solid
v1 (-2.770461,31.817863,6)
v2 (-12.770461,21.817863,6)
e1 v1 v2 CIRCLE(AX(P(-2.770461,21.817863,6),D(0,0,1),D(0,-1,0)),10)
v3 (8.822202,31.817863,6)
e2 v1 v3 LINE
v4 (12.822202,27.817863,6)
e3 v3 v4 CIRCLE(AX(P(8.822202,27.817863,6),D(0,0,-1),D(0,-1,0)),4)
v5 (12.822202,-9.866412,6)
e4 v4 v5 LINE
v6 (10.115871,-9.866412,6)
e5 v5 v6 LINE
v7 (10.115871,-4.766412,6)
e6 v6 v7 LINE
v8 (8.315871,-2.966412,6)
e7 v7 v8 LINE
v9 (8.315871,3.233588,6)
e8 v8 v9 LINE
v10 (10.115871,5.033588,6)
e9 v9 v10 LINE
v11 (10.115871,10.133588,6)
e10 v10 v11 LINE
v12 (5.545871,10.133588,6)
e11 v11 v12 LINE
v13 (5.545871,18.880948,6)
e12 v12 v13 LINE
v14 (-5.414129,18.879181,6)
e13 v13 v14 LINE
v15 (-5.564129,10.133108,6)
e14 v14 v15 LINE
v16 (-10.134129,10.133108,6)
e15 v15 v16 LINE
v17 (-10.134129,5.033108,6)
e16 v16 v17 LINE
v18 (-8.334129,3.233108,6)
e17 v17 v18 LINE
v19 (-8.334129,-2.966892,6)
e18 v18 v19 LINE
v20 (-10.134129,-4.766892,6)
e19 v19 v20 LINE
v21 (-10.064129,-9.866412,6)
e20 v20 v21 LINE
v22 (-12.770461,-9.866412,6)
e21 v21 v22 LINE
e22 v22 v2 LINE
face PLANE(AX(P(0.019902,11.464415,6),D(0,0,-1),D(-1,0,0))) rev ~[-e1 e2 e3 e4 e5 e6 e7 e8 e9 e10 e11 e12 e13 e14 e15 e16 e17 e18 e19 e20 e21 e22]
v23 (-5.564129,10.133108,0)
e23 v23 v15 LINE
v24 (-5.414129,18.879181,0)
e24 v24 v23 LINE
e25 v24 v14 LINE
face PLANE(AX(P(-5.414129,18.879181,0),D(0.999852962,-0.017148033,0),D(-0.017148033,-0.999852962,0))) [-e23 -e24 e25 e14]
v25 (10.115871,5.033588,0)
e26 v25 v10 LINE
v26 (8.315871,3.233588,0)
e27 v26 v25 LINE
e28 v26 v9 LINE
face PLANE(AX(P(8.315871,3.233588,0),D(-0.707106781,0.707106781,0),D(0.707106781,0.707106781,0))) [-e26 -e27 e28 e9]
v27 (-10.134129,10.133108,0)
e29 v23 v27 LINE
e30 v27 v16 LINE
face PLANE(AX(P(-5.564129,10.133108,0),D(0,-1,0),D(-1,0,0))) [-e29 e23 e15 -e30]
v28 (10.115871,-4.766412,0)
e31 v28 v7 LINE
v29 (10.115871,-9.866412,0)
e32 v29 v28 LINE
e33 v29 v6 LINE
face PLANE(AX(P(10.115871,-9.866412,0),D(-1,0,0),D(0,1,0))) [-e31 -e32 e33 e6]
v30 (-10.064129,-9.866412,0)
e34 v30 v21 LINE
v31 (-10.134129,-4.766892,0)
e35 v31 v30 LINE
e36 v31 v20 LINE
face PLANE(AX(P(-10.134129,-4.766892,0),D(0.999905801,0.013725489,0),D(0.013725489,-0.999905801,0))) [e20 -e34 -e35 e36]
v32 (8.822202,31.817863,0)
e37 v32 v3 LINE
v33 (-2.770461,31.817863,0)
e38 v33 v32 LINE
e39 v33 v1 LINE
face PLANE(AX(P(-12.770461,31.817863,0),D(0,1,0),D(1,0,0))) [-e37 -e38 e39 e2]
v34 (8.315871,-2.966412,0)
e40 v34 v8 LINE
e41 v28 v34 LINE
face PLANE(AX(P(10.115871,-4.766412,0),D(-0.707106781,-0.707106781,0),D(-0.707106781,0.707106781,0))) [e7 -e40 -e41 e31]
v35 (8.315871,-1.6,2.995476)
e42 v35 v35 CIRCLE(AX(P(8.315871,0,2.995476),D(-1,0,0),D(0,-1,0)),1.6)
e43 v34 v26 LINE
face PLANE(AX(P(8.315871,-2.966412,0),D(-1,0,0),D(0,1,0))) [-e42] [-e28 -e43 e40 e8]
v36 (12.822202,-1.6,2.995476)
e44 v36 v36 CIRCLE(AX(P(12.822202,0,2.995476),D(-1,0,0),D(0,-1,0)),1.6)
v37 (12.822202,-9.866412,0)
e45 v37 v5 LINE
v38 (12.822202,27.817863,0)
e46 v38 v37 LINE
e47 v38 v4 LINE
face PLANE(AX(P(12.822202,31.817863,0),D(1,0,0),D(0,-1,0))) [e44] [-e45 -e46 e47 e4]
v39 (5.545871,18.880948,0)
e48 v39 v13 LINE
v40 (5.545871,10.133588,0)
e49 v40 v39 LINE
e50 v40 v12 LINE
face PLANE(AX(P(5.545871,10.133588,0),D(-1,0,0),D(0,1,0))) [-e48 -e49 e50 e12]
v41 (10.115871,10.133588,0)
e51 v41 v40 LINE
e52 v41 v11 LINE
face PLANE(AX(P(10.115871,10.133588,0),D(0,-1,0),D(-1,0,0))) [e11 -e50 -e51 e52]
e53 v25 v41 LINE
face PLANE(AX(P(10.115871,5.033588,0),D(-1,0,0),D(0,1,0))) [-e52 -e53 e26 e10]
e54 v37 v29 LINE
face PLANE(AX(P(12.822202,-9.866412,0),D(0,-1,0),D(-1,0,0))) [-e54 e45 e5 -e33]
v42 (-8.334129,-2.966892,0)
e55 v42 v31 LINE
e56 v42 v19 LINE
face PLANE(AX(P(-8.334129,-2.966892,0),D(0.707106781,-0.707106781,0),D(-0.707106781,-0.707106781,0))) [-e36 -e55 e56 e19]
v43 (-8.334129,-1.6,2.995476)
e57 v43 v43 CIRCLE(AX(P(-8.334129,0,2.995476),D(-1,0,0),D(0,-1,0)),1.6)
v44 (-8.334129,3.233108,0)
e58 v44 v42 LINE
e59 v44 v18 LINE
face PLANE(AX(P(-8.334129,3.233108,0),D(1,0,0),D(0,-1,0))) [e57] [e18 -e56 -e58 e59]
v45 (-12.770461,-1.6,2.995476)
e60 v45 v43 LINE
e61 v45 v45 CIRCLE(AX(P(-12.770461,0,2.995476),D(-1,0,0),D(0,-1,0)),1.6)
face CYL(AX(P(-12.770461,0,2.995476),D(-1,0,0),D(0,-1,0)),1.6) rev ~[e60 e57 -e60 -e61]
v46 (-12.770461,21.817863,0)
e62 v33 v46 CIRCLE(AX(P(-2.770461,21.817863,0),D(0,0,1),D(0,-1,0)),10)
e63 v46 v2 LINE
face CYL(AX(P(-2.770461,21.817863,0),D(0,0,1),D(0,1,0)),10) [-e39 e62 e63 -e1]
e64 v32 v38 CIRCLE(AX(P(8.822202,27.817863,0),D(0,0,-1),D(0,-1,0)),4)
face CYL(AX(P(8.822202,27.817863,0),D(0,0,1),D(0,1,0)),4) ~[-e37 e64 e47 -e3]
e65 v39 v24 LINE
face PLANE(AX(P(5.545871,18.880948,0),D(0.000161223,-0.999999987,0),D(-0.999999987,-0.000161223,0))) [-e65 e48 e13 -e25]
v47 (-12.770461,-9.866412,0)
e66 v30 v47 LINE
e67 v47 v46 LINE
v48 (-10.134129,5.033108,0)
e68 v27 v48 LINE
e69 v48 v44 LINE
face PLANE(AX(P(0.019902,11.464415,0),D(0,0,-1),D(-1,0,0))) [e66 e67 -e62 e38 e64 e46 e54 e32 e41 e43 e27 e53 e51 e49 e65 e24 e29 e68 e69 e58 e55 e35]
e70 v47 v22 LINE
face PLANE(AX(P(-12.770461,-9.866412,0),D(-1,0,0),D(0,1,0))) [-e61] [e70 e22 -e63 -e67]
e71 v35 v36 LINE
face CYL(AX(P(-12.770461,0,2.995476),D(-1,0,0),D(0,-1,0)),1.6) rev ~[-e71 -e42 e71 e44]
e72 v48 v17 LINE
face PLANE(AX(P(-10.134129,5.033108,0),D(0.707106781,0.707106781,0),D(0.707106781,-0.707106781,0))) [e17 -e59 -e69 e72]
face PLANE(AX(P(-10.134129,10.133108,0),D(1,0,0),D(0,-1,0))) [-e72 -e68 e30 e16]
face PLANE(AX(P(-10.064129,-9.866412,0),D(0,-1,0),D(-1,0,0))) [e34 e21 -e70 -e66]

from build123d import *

# Parameters (mm, degrees)
PAD016_DEPTH    = 6
FILLET003_R     = 4
FILLET004_R     = 10
SKETCH047_R     = 1.6
POCKET022_DEPTH = 40


with BuildPart() as part:
    # Sketch046 → Pad016 (new body)
    with BuildSketch(Plane.XY):
        Polygon((10.115871, -9.866412), (10.115871, -4.766412), (8.315871, -2.966412), (8.315871, 3.233588), (10.115871, 5.033588), (10.115871, 10.133588), (5.545871, 10.133588), (5.545871, 18.880948), (-5.414129, 18.879181), (-5.564129, 10.133108), (-10.134129, 10.133108), (-10.134129, 5.033108), (-8.334129, 3.233108), (-8.334129, -2.966892), (-10.134129, -4.766892), (-10.064129, -9.866412), (-12.770461, -9.866412), (-12.770461, 31.817863), (12.822202, 31.817863), (12.822202, -9.866412), align=None)
    extrude(amount=PAD016_DEPTH)

    # Fillet003
    fillet003_edges = [part.edges().sort_by_distance(p)[0] for p in [
        (12.822202, 31.817863, 3),
    ]]
    fillet(fillet003_edges, radius=FILLET003_R)

    # Fillet004
    fillet004_edges = [part.edges().sort_by_distance(p)[0] for p in [
        (-12.770461, 31.817863, 3),
    ]]
    fillet(fillet004_edges, radius=FILLET004_R)

    # Sketch047 (on Face6 of Fillet004) → Pocket022 (cut)
    with BuildSketch(Plane(origin=(-12.770461, 0, 0), x_dir=(0, -1, 0), z_dir=(-1, 0, 0))):
        with Locations((0, 2.995476)):
            Circle(SKETCH047_R)
    extrude(amount=-POCKET022_DEPTH, mode=Mode.SUBTRACT)


solid = part.part
